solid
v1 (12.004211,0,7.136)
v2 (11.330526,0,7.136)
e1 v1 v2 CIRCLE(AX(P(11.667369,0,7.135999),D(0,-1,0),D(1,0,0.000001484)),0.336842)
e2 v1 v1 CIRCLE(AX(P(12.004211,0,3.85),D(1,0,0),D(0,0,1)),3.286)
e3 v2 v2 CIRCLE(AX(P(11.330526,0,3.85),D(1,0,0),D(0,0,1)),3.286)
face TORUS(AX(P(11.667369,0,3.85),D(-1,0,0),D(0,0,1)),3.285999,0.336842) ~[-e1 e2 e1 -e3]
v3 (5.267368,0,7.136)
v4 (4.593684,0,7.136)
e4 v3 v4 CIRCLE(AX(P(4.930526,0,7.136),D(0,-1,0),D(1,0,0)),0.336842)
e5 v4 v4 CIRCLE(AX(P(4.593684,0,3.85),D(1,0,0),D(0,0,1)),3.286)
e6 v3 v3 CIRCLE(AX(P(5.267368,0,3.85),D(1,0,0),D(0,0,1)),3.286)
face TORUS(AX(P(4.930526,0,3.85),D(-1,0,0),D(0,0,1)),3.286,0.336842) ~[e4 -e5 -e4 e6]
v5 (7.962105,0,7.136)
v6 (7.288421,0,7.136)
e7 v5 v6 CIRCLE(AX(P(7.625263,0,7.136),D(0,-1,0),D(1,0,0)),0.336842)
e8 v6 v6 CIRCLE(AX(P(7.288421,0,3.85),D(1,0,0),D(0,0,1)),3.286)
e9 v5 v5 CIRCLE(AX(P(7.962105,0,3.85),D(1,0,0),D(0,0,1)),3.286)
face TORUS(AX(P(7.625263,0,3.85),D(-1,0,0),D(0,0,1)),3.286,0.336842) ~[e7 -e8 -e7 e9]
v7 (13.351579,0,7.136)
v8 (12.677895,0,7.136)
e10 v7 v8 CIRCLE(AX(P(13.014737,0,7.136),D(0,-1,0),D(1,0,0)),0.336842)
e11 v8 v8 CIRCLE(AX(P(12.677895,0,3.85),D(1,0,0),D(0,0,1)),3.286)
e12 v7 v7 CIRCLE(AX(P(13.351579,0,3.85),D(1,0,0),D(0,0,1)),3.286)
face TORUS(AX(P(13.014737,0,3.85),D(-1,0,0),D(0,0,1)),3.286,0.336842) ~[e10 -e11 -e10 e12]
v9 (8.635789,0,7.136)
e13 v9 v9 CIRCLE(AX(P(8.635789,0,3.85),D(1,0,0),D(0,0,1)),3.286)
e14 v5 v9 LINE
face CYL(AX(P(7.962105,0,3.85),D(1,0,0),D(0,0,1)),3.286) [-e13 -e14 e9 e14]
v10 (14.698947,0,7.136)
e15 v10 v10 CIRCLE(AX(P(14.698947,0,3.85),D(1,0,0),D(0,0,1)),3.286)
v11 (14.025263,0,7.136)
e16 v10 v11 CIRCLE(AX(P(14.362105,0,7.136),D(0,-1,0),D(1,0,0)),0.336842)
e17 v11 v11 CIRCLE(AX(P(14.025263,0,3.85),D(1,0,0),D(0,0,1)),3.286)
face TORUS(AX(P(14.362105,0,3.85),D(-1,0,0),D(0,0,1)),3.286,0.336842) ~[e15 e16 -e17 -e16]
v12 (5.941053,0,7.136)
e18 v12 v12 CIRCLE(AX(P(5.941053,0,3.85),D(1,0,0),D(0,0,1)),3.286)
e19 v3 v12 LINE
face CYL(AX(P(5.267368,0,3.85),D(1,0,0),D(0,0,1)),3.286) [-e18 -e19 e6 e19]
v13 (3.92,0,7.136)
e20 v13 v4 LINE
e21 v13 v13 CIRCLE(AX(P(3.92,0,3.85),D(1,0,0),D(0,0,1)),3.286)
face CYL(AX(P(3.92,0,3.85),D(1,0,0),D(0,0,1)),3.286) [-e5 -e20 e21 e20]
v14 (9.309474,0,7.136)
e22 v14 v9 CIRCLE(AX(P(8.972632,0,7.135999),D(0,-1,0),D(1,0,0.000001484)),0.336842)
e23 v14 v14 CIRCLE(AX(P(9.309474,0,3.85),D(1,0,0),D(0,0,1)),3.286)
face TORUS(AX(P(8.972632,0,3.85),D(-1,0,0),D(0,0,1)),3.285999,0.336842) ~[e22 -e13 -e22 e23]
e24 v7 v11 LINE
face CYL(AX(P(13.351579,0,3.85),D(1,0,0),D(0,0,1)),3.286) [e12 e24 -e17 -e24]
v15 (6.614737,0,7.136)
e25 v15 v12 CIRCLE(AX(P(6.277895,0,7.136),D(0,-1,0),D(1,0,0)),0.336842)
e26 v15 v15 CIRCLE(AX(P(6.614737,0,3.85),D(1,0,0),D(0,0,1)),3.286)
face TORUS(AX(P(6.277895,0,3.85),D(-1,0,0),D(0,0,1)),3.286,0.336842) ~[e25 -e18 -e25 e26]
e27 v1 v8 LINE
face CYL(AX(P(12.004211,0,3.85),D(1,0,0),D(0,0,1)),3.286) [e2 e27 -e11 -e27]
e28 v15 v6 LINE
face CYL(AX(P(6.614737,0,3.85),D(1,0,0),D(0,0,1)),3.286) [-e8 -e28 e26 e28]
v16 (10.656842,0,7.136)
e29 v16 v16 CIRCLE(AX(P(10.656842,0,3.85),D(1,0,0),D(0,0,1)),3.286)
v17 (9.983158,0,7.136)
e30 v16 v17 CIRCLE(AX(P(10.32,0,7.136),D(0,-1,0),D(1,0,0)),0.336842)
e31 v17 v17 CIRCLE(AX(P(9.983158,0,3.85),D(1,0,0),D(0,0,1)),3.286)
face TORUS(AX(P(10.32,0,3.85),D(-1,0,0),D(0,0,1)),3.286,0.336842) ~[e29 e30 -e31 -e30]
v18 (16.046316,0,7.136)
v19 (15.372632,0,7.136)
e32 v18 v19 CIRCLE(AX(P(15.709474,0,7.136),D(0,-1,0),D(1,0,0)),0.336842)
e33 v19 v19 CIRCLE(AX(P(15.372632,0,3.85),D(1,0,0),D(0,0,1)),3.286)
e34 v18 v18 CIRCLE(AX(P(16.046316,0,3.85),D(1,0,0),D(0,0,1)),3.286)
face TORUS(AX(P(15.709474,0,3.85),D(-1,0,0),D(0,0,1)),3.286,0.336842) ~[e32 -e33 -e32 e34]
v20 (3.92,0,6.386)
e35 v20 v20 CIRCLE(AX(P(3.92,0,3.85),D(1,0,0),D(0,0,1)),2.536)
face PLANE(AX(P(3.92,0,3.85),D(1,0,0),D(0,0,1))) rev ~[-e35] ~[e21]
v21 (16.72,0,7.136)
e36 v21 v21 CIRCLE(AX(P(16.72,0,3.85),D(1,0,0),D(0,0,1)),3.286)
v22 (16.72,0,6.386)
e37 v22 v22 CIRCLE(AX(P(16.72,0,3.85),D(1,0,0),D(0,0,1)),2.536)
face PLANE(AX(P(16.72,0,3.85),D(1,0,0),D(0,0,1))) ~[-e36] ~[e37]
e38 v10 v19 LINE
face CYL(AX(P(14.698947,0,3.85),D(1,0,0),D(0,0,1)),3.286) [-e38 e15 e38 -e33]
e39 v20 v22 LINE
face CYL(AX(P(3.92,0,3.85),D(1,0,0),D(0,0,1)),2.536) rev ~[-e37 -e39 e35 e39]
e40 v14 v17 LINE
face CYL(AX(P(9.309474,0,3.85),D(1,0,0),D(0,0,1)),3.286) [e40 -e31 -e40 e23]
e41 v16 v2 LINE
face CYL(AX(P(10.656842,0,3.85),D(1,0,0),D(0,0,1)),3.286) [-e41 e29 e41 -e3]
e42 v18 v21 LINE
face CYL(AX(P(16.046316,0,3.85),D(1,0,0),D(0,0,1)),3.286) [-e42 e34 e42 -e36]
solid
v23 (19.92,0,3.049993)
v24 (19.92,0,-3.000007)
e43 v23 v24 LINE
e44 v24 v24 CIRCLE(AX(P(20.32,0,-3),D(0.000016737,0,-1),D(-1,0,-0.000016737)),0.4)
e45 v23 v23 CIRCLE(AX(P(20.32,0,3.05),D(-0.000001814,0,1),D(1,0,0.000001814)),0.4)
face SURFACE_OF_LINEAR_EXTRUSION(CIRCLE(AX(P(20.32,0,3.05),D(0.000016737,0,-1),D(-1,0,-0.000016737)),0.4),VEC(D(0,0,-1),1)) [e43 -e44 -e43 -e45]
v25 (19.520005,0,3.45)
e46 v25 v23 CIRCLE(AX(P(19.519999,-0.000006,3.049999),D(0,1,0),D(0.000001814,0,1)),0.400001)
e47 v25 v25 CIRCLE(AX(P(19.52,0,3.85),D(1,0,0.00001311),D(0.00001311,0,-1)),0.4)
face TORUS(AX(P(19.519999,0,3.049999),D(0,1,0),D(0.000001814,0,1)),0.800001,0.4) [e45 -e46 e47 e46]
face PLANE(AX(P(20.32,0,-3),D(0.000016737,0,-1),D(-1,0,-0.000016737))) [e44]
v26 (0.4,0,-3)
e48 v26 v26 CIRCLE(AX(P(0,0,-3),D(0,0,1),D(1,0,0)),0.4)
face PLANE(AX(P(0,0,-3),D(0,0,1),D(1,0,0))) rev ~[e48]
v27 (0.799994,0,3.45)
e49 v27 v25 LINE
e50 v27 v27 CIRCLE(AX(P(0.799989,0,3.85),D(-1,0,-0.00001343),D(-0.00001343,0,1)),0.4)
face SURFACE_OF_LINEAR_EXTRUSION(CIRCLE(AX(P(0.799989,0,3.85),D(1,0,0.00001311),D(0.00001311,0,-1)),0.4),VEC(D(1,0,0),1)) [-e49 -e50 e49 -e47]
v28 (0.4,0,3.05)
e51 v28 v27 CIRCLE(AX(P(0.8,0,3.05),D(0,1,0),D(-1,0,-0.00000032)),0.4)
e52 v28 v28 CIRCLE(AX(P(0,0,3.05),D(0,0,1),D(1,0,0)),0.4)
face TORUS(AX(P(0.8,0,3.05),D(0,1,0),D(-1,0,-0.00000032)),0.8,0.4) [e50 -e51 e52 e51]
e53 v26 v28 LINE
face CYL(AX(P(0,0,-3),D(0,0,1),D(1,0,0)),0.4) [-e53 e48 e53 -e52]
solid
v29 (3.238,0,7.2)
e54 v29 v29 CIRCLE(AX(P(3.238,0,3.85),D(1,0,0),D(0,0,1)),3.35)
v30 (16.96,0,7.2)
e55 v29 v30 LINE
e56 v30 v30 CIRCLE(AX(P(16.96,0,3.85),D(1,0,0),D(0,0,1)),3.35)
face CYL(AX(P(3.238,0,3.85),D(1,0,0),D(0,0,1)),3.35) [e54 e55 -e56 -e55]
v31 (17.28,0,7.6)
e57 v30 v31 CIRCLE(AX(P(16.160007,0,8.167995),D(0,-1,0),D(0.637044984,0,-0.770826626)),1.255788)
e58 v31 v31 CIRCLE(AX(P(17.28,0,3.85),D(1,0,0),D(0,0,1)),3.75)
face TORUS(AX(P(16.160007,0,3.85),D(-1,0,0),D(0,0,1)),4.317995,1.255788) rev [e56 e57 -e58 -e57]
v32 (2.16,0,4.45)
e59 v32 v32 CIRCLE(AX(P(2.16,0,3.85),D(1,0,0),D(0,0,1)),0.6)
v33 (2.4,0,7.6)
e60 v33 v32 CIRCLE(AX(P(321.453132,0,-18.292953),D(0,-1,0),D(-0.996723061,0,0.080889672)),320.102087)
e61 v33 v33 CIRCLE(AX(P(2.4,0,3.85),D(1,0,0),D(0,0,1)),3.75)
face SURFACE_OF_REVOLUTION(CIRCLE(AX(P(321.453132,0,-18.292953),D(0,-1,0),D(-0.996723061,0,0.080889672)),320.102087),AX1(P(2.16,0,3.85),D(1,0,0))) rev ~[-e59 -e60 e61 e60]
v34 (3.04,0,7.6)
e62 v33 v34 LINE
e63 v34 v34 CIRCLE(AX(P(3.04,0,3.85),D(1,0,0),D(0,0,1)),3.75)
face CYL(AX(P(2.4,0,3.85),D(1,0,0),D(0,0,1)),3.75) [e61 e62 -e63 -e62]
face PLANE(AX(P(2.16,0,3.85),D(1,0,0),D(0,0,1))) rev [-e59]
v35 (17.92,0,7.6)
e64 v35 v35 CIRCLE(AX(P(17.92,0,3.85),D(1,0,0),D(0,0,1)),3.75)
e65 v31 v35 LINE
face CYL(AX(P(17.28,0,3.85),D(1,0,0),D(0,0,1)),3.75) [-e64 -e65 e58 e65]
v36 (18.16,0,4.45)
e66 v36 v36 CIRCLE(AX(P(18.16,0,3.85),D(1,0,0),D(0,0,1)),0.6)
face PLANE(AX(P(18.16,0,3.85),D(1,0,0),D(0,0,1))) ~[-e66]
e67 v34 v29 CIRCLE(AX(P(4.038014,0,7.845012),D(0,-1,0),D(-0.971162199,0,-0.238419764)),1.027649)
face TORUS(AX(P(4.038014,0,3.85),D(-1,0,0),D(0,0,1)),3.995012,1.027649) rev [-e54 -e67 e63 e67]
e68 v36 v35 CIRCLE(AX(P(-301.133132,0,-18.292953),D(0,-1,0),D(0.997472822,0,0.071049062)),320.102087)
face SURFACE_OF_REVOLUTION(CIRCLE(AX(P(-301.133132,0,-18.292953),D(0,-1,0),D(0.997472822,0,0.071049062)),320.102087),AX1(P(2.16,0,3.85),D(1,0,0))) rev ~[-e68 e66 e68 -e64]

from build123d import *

# Parameters (mm, degrees)
SKETCH_R = 0.4


with BuildPart() as revolution:
    # Sketch002 → Revolution (revolve)
    with BuildSketch(Plane.XZ):
        with BuildLine():
            Line((2.4, 7.6), (3.04, 7.6))
            ThreePointArc((3.04, 7.6), (3.117022, 7.389121), (3.238, 7.2))
            Line((3.238, 7.2), (16.96, 7.2))
            ThreePointArc((16.96, 7.2), (17.140612, 7.38351), (17.28, 7.6))
            Line((17.28, 7.6), (17.92, 7.6))
            ThreePointArc((18.16, 4.45), (18.043886, 6.025296), (17.92, 7.6))
            Line((18.16, 3.85), (18.16, 4.45))
            Line((2.16, 3.85), (18.16, 3.85))
            Line((2.16, 3.85), (2.16, 4.45))
            ThreePointArc((2.4, 7.6), (2.276114, 6.025296), (2.16, 4.45))
        make_face()
    revolve(axis=Axis((2.16, 0, 3.85), (1, 0, 0)))


with BuildPart() as sweep_body:
    # Sweep: sweep along a path in Sketch001
    with BuildLine(Plane.XZ) as sweep_path:
        Line((0, -3), (0, 3.05))
        ThreePointArc((0, 3.05), (0.234311, 3.615682), (0.799989, 3.85))
        Line((0.799989, 3.85), (19.52, 3.85))
        ThreePointArc((19.52, 3.85), (20.085685, 3.615685), (20.32, 3.05))
        Line((20.32, 3.05), (20.32, -3))
    # Sketch → Sweep (sweep)
    with BuildSketch(Plane.XY.offset(-2)):
        Circle(SKETCH_R)
    sweep(path=sweep_path.line)


with BuildPart() as revolution001:
    # Sketch003 → Revolution001 (revolve)
    with BuildSketch(Plane.XZ):
        with BuildLine():
            ThreePointArc((5.267368, 7.136), (4.930526, 7.472842), (4.593684, 7.136))
            Line((3.92, 7.136), (4.593684, 7.136))
            Line((3.92, 7.136), (3.92, 6.386))
            Line((3.92, 6.386), (16.72, 6.386))
            Line((16.72, 6.386), (16.72, 7.136))
            Line((16.046316, 7.136), (16.72, 7.136))
            ThreePointArc((16.046316, 7.136), (15.709474, 7.472842), (15.372632, 7.136))
            Line((14.698947, 7.136), (15.372632, 7.136))
            ThreePointArc((14.698947, 7.136), (14.362105, 7.472842), (14.025263, 7.136))
            Line((13.351579, 7.136), (14.025263, 7.136))
            ThreePointArc((13.351579, 7.136), (13.014737, 7.472842), (12.677895, 7.136))
            Line((12.004211, 7.136), (12.677895, 7.136))
            ThreePointArc((12.004211, 7.136), (11.667368, 7.472842), (11.330526, 7.136))
            Line((10.656842, 7.136), (11.330526, 7.136))
            ThreePointArc((10.656842, 7.136), (10.32, 7.472842), (9.983158, 7.136))
            Line((9.309474, 7.136), (9.983158, 7.136))
            ThreePointArc((9.309474, 7.136), (8.972632, 7.472842), (8.635789, 7.136))
            Line((7.962105, 7.136), (8.635789, 7.136))
            ThreePointArc((7.962105, 7.136), (7.625263, 7.472842), (7.288421, 7.136))
            Line((6.614737, 7.136), (7.288421, 7.136))
            ThreePointArc((6.614737, 7.136), (6.277895, 7.472842), (5.941053, 7.136))
            Line((5.267368, 7.136), (5.941053, 7.136))
        make_face()
    revolve(axis=Axis((2.56, 0, 3.85), (1, 0, 0)))


solid = Compound([revolution.part, sweep_body.part, revolution001.part])
